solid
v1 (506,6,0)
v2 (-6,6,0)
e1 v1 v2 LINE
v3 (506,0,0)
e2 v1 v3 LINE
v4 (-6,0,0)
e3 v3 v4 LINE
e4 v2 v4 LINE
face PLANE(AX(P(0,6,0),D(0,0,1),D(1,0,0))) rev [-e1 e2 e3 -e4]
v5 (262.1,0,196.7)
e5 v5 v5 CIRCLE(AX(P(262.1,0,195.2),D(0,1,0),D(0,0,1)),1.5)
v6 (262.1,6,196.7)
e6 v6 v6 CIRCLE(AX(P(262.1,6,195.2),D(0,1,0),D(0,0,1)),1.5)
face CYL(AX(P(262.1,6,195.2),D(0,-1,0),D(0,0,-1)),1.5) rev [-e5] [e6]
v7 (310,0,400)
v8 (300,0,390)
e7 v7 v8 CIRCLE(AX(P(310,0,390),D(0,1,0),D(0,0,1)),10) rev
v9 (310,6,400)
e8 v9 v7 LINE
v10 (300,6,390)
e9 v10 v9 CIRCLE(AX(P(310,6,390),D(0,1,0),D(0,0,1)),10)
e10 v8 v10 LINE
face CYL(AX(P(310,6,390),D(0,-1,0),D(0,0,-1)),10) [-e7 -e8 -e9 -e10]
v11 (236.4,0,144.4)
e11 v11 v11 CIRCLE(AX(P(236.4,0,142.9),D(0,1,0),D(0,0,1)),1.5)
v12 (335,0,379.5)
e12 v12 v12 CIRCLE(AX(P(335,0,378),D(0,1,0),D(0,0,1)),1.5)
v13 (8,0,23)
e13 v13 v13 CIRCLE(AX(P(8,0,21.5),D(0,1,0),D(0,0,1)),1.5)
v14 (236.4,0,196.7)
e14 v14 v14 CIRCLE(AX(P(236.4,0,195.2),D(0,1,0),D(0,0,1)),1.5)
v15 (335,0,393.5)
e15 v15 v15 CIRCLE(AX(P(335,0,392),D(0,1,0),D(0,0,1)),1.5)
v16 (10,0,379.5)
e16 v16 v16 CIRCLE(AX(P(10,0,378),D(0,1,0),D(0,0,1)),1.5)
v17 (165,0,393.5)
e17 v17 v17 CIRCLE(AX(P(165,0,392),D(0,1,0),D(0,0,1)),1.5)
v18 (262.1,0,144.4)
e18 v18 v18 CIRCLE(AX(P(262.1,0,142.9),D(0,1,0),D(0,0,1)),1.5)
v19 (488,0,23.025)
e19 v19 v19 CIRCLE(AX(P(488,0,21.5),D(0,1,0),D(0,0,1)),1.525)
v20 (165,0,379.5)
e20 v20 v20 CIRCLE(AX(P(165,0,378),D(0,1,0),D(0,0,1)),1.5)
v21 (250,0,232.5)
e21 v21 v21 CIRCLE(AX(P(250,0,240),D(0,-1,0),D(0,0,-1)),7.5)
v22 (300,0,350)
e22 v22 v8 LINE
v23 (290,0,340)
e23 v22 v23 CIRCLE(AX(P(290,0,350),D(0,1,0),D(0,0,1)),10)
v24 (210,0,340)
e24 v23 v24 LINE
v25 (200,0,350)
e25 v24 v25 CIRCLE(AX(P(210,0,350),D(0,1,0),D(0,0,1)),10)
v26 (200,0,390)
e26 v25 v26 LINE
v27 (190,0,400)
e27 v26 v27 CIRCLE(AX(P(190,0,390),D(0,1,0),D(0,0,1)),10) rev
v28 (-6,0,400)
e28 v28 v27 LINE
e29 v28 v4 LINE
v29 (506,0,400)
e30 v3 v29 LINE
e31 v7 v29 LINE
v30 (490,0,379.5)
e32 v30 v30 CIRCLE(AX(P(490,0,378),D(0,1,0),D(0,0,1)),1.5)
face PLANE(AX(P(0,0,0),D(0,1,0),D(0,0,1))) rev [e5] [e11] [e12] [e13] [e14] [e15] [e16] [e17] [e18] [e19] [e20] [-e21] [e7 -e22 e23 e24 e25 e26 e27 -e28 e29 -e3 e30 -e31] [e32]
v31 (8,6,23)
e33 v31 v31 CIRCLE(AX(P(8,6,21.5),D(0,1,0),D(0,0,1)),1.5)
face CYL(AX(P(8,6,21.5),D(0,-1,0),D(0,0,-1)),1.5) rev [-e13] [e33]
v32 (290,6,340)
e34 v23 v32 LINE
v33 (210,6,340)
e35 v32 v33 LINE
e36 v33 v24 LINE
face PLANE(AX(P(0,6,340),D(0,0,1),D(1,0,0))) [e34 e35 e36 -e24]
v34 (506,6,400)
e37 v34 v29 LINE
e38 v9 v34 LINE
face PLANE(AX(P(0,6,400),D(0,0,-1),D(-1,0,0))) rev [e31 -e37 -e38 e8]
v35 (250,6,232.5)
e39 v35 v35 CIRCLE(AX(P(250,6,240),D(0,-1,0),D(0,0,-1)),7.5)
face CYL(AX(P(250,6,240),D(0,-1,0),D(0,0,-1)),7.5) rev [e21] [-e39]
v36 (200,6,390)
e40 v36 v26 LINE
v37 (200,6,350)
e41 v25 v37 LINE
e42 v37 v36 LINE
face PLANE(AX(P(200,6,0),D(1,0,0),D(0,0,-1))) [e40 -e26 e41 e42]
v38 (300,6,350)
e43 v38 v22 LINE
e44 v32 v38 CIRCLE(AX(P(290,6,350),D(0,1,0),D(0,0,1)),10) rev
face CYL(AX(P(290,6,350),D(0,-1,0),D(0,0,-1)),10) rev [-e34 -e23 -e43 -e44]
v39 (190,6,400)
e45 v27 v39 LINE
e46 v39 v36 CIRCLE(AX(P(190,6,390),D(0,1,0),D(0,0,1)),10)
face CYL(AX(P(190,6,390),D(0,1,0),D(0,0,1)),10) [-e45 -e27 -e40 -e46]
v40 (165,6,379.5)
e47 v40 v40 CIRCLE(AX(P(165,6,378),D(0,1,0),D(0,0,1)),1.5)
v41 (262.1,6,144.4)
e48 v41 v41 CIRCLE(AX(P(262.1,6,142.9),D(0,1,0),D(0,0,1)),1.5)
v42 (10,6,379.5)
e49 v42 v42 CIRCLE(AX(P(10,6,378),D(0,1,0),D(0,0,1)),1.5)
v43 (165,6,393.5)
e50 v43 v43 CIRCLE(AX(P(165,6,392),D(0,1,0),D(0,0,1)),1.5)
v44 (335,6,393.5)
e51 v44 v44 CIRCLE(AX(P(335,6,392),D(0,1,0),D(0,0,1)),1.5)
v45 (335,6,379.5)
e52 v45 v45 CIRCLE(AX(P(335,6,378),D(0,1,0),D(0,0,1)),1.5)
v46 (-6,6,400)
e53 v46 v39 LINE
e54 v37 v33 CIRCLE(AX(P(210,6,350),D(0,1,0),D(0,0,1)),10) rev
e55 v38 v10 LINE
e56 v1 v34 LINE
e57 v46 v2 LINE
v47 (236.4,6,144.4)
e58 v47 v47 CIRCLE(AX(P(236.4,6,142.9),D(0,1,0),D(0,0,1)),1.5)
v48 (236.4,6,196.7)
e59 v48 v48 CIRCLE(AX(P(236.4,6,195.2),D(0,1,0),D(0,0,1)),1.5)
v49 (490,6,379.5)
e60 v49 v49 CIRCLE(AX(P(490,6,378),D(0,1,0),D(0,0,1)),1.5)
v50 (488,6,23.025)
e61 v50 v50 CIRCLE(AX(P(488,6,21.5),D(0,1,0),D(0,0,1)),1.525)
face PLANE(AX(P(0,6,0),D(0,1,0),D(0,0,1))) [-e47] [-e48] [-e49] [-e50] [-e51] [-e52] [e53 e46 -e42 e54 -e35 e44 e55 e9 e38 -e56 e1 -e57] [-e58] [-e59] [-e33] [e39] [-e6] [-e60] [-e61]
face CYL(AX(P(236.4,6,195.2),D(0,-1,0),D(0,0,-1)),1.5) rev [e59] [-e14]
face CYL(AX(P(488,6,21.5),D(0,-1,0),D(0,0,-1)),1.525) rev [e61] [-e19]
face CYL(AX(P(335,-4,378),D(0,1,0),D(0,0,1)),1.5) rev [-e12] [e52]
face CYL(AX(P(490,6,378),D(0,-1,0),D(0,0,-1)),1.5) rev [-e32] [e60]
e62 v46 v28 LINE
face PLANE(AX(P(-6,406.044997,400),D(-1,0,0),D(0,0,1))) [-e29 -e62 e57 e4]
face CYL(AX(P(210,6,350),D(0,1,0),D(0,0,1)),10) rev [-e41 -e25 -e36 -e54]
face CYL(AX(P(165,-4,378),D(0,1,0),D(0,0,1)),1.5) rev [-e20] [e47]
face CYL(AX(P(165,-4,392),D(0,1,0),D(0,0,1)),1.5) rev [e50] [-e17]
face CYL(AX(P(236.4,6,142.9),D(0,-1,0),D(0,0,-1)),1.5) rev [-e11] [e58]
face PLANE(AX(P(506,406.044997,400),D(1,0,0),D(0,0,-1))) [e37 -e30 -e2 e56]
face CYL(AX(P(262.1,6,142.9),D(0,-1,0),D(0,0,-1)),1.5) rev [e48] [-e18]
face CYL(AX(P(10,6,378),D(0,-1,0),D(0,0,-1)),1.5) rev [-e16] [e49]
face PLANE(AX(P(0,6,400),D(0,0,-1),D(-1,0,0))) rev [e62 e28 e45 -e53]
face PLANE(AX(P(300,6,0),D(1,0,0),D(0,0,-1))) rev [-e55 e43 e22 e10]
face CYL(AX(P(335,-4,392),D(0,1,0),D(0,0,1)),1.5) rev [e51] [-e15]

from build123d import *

# Parameters (mm, degrees)
SKETCH1_W           = 500
SKETCH1_H           = 400
SKETCH1_R           = 1.5
SKETCH1_R_2         = 1.525
BOSS_EXTRUDE1_DEPTH = 6
SKETCH2_R           = 1.5
CUT_EXTRUDE1_DEPTH  = 10
SKETCH3_W           = 50
SKETCH3_H           = 60
SKETCH3_R           = 7.5
CUT_EXTRUDE2_DEPTH  = 7
FILLET1_R           = 10
BOSS_EXTRUDE2_START = -6
SKETCH4_W           = 6
SKETCH4_H           = 400
BOSS_EXTRUDE2_DEPTH = 6


with BuildPart() as part:
    # Sketch1 → Boss-Extrude1 (new body)
    with BuildSketch(Plane(origin=(0, 0, 0), x_dir=(1, 0, 0), z_dir=(0, 1, 0))):
        with Locations((250, -200)):
            Rectangle(SKETCH1_W, SKETCH1_H)
        with Locations((490, -378)):
            Circle(SKETCH1_R, mode=Mode.SUBTRACT)
        with Locations((10, -378)):
            Circle(SKETCH1_R, mode=Mode.SUBTRACT)
        with Locations((236.4, -195.2)):
            Circle(SKETCH1_R, mode=Mode.SUBTRACT)
        with Locations((262.1, -195.2)):
            Circle(SKETCH1_R, mode=Mode.SUBTRACT)
        with Locations((262.1, -142.9)):
            Circle(SKETCH1_R, mode=Mode.SUBTRACT)
        with Locations((236.4, -142.9)):
            Circle(SKETCH1_R, mode=Mode.SUBTRACT)
        with Locations((8, -21.5)):
            Circle(SKETCH1_R, mode=Mode.SUBTRACT)
        with Locations((488, -21.5)):
            Circle(SKETCH1_R_2, mode=Mode.SUBTRACT)
    extrude(amount=BOSS_EXTRUDE1_DEPTH)

    # Sketch2 → Cut-Extrude1 (cut)
    with BuildSketch(Plane(origin=(0, 6, 0), x_dir=(1, 0, 0), z_dir=(0, 1, 0))):
        with Locations((165, -378)):
            Circle(SKETCH2_R)
        with Locations((165, -392)):
            Circle(SKETCH2_R)
        with Locations((335, -378)):
            Circle(SKETCH2_R)
        with Locations((335, -392)):
            Circle(SKETCH2_R)
    extrude(amount=-CUT_EXTRUDE1_DEPTH, mode=Mode.SUBTRACT)

    # Sketch3 → Cut-Extrude2 (cut, through all)
    with BuildSketch(Plane.XZ):
        with Locations((275, 370)):
            Rectangle(SKETCH3_W, SKETCH3_H)
        with Locations((225, 370)):
            Rectangle(SKETCH3_W, SKETCH3_H)
        with Locations((250, 240)):
            Circle(SKETCH3_R)
    extrude(amount=-CUT_EXTRUDE2_DEPTH, mode=Mode.SUBTRACT)

    # Fillet1
    fillet1_edges = [part.edges().sort_by_distance(p)[0] for p in [
        (300, 3, 340),
        (200, 3, 340),
        (200, 3, 400),
        (300, 3, 400),
    ]]
    fillet(fillet1_edges, radius=FILLET1_R)

    # Sketch4 → Boss-Extrude2 (add)
    with BuildSketch(Plane.XZ.offset(BOSS_EXTRUDE2_START)):
        with Locations((-3, 200)):
            Rectangle(SKETCH4_W, SKETCH4_H)
        with Locations((503, 200)):
            Rectangle(SKETCH4_W, SKETCH4_H)
    extrude(amount=BOSS_EXTRUDE2_DEPTH)


solid = part.part
